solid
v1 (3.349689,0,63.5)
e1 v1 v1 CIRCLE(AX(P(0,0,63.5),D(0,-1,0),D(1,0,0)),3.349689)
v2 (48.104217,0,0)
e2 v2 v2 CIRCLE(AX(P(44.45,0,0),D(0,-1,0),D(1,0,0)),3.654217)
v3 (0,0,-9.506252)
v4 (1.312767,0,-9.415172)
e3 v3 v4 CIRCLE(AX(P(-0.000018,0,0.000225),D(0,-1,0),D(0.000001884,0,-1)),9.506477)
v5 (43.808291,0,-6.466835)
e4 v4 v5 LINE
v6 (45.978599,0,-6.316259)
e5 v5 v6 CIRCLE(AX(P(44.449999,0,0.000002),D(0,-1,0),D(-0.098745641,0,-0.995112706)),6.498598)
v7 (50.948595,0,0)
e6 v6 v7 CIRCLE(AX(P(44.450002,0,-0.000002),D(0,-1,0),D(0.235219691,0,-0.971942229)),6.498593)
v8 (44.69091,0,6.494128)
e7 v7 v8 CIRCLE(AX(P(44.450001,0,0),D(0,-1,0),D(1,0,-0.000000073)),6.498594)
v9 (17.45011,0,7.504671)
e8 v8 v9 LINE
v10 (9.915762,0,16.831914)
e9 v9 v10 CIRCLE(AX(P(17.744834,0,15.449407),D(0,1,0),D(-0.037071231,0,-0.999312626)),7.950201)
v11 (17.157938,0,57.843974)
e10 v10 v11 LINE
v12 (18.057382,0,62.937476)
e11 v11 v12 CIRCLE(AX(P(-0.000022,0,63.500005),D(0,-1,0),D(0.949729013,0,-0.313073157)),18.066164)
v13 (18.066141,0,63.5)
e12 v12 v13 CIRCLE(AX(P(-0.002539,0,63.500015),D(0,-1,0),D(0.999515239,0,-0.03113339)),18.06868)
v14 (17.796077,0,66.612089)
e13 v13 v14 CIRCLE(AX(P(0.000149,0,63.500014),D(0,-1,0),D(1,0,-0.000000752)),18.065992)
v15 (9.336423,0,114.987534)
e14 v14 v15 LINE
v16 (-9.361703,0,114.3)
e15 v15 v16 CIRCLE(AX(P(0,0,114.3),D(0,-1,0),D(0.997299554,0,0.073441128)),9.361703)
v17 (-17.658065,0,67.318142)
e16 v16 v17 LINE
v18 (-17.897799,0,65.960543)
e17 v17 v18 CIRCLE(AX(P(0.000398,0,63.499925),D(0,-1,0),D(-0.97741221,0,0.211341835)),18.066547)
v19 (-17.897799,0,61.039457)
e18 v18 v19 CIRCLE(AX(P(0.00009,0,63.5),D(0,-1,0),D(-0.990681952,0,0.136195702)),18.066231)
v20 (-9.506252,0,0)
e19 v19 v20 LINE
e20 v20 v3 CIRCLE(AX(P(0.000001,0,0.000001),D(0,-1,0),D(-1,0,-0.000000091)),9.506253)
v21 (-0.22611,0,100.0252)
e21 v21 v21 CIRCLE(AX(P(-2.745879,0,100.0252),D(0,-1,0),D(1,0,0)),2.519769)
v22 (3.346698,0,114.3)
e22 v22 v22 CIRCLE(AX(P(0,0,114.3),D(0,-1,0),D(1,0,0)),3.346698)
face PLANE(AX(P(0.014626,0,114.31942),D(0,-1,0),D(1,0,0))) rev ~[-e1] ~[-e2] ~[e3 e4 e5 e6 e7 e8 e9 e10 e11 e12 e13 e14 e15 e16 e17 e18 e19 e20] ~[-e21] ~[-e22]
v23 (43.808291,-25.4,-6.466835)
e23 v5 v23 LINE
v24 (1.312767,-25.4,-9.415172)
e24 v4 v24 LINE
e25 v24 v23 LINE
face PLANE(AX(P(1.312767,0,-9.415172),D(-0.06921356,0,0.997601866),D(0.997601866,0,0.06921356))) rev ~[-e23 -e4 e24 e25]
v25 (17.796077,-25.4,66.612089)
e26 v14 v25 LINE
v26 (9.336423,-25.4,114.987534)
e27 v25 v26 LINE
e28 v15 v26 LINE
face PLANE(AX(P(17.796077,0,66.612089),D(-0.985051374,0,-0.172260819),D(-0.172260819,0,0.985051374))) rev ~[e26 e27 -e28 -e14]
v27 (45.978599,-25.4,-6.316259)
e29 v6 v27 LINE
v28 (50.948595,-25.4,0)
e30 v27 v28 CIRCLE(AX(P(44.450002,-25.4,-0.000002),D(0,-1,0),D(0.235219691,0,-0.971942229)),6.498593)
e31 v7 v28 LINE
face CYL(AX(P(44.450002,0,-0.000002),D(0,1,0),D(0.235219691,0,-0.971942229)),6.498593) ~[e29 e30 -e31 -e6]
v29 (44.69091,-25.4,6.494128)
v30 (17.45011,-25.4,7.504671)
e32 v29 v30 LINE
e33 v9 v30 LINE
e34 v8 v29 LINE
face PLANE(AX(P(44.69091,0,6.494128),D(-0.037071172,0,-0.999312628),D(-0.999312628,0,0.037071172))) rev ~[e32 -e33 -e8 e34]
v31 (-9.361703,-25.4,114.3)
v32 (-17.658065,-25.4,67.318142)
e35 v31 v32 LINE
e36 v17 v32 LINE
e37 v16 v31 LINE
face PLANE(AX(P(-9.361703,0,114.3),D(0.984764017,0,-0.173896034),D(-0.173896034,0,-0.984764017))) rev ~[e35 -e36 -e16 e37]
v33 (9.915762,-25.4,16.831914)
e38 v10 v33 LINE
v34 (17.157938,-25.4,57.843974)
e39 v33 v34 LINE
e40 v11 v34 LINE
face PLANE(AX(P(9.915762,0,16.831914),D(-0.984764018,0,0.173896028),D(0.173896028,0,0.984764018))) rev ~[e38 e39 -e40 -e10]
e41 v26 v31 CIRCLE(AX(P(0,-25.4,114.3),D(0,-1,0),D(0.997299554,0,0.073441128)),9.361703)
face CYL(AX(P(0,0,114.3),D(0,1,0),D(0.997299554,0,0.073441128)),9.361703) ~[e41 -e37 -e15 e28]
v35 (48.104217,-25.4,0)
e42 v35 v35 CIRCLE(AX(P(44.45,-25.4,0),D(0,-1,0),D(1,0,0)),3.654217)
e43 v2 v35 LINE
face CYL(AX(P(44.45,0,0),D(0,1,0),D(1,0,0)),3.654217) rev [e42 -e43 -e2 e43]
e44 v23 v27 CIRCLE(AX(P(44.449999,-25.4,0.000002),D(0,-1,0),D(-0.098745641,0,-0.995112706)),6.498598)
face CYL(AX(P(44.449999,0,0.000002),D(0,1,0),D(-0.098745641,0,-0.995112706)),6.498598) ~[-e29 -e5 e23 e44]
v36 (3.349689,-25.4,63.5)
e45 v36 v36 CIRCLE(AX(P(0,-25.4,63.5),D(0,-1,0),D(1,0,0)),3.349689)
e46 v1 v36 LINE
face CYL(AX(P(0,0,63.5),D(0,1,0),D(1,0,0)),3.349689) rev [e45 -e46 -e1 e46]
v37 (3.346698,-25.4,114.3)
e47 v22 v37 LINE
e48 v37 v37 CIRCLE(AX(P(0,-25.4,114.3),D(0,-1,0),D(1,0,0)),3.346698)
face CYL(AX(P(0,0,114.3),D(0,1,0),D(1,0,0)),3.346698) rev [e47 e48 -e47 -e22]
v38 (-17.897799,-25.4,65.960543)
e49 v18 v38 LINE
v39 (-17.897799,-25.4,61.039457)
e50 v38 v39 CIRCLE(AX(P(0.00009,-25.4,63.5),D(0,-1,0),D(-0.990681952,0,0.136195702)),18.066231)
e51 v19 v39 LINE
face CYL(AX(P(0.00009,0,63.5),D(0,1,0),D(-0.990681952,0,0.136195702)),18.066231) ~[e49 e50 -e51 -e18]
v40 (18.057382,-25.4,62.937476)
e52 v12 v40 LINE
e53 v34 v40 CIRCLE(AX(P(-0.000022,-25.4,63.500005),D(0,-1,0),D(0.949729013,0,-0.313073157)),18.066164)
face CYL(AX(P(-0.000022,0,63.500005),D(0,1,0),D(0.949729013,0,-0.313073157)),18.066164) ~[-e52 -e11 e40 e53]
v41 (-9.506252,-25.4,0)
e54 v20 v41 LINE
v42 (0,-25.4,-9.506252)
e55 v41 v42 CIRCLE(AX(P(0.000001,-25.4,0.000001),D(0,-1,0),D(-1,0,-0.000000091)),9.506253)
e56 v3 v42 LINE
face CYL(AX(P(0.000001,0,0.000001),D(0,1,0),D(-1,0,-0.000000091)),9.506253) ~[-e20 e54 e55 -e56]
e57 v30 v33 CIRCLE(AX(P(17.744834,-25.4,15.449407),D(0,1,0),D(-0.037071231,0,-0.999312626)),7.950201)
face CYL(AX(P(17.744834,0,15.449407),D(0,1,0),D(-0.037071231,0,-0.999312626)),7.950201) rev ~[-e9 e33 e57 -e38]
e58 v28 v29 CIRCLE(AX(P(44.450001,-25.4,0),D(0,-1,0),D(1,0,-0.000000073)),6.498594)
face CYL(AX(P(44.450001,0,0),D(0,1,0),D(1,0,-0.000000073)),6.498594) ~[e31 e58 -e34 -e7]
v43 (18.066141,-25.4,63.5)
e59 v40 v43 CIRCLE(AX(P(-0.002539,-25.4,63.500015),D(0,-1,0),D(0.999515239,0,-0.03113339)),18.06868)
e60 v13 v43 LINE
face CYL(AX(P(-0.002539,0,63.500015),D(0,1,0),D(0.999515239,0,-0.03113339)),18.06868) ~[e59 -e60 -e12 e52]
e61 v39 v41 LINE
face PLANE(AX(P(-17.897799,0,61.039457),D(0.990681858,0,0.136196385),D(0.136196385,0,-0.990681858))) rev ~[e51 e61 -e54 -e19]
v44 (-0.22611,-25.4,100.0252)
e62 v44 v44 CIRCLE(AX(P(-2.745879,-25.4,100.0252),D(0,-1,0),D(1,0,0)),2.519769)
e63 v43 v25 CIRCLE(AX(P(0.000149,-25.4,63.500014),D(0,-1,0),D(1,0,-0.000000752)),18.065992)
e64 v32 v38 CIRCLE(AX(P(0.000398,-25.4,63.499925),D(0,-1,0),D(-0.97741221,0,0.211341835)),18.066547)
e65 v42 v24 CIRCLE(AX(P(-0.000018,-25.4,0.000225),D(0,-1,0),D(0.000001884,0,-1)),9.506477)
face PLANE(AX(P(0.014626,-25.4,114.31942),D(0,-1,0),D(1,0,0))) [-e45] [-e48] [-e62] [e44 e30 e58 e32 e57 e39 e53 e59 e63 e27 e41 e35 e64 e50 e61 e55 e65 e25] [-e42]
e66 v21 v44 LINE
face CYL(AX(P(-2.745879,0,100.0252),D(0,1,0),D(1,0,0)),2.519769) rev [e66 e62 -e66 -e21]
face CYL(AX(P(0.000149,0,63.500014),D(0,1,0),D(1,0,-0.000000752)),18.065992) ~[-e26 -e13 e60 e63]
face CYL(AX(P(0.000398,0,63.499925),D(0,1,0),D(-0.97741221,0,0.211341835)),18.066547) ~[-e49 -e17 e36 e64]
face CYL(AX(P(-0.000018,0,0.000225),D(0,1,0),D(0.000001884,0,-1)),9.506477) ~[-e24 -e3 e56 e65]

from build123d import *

# Parameters (mm, degrees)
F0_R     = 3.346698
F0_R_2   = 2.519769
F0_R_3   = 3.349689
F0_R_4   = 3.654217
F1_DEPTH = 25.4


with BuildPart() as f1:
    # F0 (on Front) → F1 (new body)
    with BuildSketch(Plane.XZ):
        with BuildLine():
            ThreePointArc((-9.361703, 114.3), (0, 104.938297), (9.361703, 114.3))
            ThreePointArc((9.361703, 114.3), (9.355381, 114.643999), (9.336423, 114.987534))
            ThreePointArc((9.336423, 114.987534), (-0.343999, 123.655381), (-9.361703, 114.3))
        make_face()
        with Locations((0, 114.3)):
            Circle(F0_R, mode=Mode.SUBTRACT)
        with BuildLine():
            ThreePointArc((9.336423, 114.987534), (9.355381, 114.643999), (9.361703, 114.3))
            ThreePointArc((9.361703, 114.3), (0, 104.938297), (-9.361703, 114.3))
            Line((-9.361703, 114.3), (-17.658065, 67.318142))
            ThreePointArc((-17.658065, 67.318142), (0.359708, 81.56256), (17.796077, 66.612089))
            Line((17.796077, 66.612089), (9.336423, 114.987534))
        make_face()
        with Locations((-2.745879, 100.0252)):
            Circle(F0_R_2, mode=Mode.SUBTRACT)
        with BuildLine():
            ThreePointArc((18.066141, 63.5), (17.998499, 65.061892), (17.796077, 66.612089))
            ThreePointArc((17.796077, 66.612089), (0.359708, 81.56256), (-17.658065, 67.318142))
            Line((-17.658065, 67.318142), (-17.897799, 65.960543))
            ThreePointArc((-17.897799, 65.960543), (-18.066141, 63.5), (-17.897799, 61.039457))
            ThreePointArc((-17.897799, 61.039457), (-1.640008, 45.508451), (17.157938, 57.843974))
            Line((17.157938, 57.843974), (18.057382, 62.937476))
            ThreePointArc((18.057382, 62.937476), (18.063951, 63.218704), (18.066141, 63.5))
        make_face()
        with Locations((0, 63.5)):
            Circle(F0_R_3, mode=Mode.SUBTRACT)
        with BuildLine():
            Line((-17.897799, 65.960543), (-17.658065, 67.318142))
            ThreePointArc((-17.658065, 67.318142), (-17.790886, 66.64163), (-17.897799, 65.960543))
        make_face()
        with BuildLine():
            ThreePointArc((17.157938, 57.843974), (17.790886, 60.35837), (18.057382, 62.937476))
            Line((18.057382, 62.937476), (17.157938, 57.843974))
        make_face()
        with BuildLine():
            ThreePointArc((17.157938, 57.843974), (-1.640008, 45.508451), (-17.897799, 61.039457))
            Line((-17.897799, 61.039457), (-9.506252, 0))
            ThreePointArc((-9.506252, 0), (0, 9.506252), (9.506252, 0))
            ThreePointArc((9.506252, 0), (7.171064, -6.240566), (1.312767, -9.415172))
            Line((1.312767, -9.415172), (43.808291, -6.466835))
            ThreePointArc((43.808291, -6.466835), (37.966421, 0.441521), (44.69091, 6.494128))
            Line((44.69091, 6.494128), (17.45011, 7.504671))
            ThreePointArc((17.45011, 7.504671), (11.560306, 10.453678), (9.915762, 16.831914))
            Line((9.915762, 16.831914), (17.157938, 57.843974))
        make_face()
        with BuildLine():
            ThreePointArc((9.506252, 0), (0, 9.506252), (-9.506252, 0))
            ThreePointArc((-9.506252, 0), (-6.721935, -6.721935), (0, -9.506252))
            Line((0, -9.506252), (1.312767, -9.415172))
            ThreePointArc((1.312767, -9.415172), (7.171064, -6.240566), (9.506252, 0))
        make_face()
        with BuildLine():
            Line((1.312767, -9.415172), (0, -9.506252))
            ThreePointArc((0, -9.506252), (0.657962, -9.483454), (1.312767, -9.415172))
        make_face()
        with BuildLine():
            ThreePointArc((50.948595, 0), (49.1296, 4.509222), (44.69091, 6.494128))
            ThreePointArc((44.69091, 6.494128), (37.966421, 0.441521), (43.808291, -6.466835))
            Line((43.808291, -6.466835), (45.978599, -6.316259))
            ThreePointArc((45.978599, -6.316259), (49.557127, -4.018582), (50.948595, 0))
        make_face()
        with Locations((44.45, 0)):
            Circle(F0_R_4, mode=Mode.SUBTRACT)
        with BuildLine():
            Line((45.978599, -6.316259), (43.808291, -6.466835))
            ThreePointArc((43.808291, -6.466835), (44.899791, -6.483011), (45.978599, -6.316259))
        make_face()
    extrude(amount=F1_DEPTH)


solid = f1.part
